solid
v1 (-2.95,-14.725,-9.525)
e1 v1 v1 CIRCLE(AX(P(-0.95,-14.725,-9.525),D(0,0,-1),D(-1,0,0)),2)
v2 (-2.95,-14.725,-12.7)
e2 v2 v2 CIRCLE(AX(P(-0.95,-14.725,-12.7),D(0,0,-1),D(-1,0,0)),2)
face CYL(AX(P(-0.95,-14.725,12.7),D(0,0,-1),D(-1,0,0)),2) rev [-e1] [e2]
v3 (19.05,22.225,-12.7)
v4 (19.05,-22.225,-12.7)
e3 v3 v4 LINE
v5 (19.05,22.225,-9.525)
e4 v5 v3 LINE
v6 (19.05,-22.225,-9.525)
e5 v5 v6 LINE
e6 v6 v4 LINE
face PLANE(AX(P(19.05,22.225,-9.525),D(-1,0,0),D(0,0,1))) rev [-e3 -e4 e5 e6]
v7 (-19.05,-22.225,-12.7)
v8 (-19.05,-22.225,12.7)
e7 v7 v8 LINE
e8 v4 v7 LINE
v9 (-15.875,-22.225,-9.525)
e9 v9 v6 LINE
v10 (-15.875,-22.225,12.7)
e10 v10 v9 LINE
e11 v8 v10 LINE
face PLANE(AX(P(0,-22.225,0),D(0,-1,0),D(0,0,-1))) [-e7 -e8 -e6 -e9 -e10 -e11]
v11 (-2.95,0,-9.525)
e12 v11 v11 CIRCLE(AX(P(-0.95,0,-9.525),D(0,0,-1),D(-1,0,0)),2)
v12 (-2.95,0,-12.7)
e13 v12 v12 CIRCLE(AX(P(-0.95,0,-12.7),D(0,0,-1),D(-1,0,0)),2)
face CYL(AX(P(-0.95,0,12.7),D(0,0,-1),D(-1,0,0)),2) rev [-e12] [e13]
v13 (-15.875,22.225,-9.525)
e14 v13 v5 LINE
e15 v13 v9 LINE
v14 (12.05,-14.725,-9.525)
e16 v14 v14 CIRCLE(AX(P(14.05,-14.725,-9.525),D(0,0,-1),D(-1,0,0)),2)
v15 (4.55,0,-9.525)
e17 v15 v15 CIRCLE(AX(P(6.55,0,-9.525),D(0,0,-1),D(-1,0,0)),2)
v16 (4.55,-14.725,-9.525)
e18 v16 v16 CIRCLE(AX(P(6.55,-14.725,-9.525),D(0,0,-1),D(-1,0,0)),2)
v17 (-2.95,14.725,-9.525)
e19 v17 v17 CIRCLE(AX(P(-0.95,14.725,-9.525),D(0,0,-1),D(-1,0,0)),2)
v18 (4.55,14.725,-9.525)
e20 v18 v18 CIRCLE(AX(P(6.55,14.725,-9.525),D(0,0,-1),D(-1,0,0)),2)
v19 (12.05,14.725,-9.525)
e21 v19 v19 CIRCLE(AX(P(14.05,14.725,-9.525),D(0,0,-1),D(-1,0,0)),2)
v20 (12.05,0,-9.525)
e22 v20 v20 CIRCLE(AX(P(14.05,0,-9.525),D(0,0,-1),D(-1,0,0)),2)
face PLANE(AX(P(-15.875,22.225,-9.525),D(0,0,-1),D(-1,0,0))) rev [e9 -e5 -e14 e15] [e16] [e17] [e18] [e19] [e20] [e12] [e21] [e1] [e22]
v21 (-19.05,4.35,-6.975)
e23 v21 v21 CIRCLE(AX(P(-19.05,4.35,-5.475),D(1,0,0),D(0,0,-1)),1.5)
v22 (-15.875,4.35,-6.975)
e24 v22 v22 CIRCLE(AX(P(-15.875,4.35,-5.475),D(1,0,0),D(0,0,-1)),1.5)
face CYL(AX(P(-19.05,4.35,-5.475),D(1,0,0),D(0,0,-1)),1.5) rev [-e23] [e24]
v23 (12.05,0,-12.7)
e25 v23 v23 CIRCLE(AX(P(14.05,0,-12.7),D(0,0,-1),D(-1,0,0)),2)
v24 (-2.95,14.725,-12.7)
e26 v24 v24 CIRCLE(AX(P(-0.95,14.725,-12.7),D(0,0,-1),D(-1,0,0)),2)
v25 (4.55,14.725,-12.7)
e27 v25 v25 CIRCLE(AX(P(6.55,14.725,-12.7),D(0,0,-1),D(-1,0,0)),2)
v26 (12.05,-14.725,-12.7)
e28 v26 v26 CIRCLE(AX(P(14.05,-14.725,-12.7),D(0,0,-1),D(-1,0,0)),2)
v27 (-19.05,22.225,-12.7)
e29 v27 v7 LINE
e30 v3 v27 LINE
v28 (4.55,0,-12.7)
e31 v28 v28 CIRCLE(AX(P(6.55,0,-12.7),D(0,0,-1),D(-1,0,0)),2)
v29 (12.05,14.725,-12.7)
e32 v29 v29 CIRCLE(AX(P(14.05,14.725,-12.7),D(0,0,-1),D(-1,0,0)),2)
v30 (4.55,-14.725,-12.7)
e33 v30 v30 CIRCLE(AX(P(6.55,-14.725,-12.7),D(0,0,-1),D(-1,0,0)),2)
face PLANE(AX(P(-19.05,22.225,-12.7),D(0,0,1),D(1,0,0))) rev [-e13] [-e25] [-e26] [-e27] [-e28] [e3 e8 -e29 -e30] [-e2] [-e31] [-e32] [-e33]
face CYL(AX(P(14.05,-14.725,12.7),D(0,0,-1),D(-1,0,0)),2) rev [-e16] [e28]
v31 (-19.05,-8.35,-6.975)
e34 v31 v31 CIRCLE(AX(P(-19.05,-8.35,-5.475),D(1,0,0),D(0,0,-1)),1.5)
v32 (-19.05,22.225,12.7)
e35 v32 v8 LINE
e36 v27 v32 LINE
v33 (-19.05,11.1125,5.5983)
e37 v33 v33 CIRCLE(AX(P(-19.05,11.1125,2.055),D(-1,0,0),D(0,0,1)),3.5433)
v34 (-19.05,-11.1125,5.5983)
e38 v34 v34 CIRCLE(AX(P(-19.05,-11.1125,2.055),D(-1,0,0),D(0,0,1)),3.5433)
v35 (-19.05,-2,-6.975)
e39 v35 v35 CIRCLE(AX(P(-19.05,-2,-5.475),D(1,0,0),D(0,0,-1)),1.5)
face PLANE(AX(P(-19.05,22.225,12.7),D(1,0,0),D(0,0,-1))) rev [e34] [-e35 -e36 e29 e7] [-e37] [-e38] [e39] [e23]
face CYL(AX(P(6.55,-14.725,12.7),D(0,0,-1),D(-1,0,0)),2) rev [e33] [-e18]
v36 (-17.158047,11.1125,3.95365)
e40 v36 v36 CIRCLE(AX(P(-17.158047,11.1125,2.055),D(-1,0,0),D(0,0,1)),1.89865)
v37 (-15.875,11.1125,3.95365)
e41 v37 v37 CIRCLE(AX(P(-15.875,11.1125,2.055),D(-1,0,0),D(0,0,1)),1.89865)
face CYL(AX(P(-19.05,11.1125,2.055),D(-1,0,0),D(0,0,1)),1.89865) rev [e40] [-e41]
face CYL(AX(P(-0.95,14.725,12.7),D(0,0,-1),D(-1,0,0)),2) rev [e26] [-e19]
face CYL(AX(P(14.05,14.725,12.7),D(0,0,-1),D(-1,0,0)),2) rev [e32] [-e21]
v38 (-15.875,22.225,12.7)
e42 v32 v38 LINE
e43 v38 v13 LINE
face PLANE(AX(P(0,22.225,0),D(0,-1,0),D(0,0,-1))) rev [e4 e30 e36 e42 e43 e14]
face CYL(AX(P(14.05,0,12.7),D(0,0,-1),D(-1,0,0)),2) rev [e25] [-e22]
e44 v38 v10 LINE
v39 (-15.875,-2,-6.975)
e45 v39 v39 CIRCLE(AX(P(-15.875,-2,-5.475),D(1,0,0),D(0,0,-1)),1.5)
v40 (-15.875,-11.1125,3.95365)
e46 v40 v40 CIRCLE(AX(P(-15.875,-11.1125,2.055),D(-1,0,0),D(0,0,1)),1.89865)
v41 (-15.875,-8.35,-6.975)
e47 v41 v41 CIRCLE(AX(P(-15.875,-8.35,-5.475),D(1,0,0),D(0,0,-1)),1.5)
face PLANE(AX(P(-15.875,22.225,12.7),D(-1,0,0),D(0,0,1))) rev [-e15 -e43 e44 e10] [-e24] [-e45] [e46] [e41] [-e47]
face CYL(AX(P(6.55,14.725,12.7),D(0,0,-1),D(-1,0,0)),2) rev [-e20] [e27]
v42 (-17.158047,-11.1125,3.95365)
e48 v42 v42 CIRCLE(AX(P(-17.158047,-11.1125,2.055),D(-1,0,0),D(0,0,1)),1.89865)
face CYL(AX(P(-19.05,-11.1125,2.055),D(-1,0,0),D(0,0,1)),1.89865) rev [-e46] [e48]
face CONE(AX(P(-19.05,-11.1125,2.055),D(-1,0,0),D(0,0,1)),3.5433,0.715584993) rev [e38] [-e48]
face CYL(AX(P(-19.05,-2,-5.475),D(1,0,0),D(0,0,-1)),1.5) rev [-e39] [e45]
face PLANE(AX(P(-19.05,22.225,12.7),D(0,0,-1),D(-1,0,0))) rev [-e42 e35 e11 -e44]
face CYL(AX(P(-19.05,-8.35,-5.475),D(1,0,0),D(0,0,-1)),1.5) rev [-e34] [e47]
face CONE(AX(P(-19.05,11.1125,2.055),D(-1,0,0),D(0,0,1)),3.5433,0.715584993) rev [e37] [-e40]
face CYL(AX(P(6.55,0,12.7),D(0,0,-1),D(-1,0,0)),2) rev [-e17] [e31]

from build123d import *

# Parameters (mm, degrees)
BOSS_EXTRUDE1_DEPTH                            = 22.225
CSK_FOR_6_FLAT_HEAD_MACHINE_SCREW1_D           = 3.7973
CSK_FOR_6_FLAT_HEAD_MACHINE_SCREW1_CSINK_D     = 7.0866
CSK_FOR_6_FLAT_HEAD_MACHINE_SCREW1_CSINK_ANGLE = 82
SKETCH6_R                                      = 2
CUT_EXTRUDE2_DEPTH                             = 26.4
SKETCH7_R                                      = 1.5
CUT_EXTRUDE3_DEPTH                             = 4.175


with BuildPart() as part:
    # Sketch1 → Boss-Extrude1 (new body, symmetric)
    with BuildSketch(Plane(origin=(0, 0, 0), x_dir=(1, 0, 0), z_dir=(0, 1, 0))):
        Polygon((-19.05, -12.7), (-15.875, -12.7), (-15.875, 9.525), (19.05, 9.525), (19.05, 12.7), (-19.05, 12.7), align=None)
    extrude(amount=BOSS_EXTRUDE1_DEPTH, both=True)

    # CSK for #6 Flat Head Machine Screw1 (through all)
    with Locations(Plane.ZY.offset(19.05)):
        with Locations((2.055, 11.1125)):
            csk_for_6_flat_head_machine_screw1 = CounterSinkHole(CSK_FOR_6_FLAT_HEAD_MACHINE_SCREW1_D / 2, CSK_FOR_6_FLAT_HEAD_MACHINE_SCREW1_CSINK_D / 2, counter_sink_angle=CSK_FOR_6_FLAT_HEAD_MACHINE_SCREW1_CSINK_ANGLE)

    # Sketch6 → Cut-Extrude2 (cut, through all)
    with BuildSketch(Plane(origin=(0, 0, -12.7), x_dir=(-1, 0, 0), z_dir=(0, 0, -1))):
        with Locations((-14.05, -14.725)):
            Circle(SKETCH6_R)
        with Locations((-6.55, -14.725)):
            Circle(SKETCH6_R)
        with Locations((-6.55, 0)):
            Circle(SKETCH6_R)
        with Locations((-6.55, 14.725)):
            Circle(SKETCH6_R)
        with Locations((-14.05, 0)):
            Circle(SKETCH6_R)
        with Locations((-14.05, 14.725)):
            Circle(SKETCH6_R)
        with Locations((0.95, -14.725)):
            Circle(SKETCH6_R)
        with Locations((0.95, 0)):
            Circle(SKETCH6_R)
        with Locations((0.95, 14.725)):
            Circle(SKETCH6_R)
    extrude(amount=-CUT_EXTRUDE2_DEPTH, mode=Mode.SUBTRACT)

    # Mirror1: CSK for #6 Flat Head Machine Screw1 across plane
    add(csk_for_6_flat_head_machine_screw1.mirror(Plane.ZX), mode=Mode.SUBTRACT)

    # Sketch7 → Cut-Extrude3 (cut, through all)
    with BuildSketch(Plane(origin=(-15.875, 0, 0), x_dir=(0, 0, -1), z_dir=(1, 0, 0))):
        with Locations((5.475, -2)):
            Circle(SKETCH7_R)
        with Locations((5.475, -8.35)):
            Circle(SKETCH7_R)
        with Locations((5.475, 4.35)):
            Circle(SKETCH7_R)
    extrude(amount=-CUT_EXTRUDE3_DEPTH, mode=Mode.SUBTRACT)


solid = part.part
